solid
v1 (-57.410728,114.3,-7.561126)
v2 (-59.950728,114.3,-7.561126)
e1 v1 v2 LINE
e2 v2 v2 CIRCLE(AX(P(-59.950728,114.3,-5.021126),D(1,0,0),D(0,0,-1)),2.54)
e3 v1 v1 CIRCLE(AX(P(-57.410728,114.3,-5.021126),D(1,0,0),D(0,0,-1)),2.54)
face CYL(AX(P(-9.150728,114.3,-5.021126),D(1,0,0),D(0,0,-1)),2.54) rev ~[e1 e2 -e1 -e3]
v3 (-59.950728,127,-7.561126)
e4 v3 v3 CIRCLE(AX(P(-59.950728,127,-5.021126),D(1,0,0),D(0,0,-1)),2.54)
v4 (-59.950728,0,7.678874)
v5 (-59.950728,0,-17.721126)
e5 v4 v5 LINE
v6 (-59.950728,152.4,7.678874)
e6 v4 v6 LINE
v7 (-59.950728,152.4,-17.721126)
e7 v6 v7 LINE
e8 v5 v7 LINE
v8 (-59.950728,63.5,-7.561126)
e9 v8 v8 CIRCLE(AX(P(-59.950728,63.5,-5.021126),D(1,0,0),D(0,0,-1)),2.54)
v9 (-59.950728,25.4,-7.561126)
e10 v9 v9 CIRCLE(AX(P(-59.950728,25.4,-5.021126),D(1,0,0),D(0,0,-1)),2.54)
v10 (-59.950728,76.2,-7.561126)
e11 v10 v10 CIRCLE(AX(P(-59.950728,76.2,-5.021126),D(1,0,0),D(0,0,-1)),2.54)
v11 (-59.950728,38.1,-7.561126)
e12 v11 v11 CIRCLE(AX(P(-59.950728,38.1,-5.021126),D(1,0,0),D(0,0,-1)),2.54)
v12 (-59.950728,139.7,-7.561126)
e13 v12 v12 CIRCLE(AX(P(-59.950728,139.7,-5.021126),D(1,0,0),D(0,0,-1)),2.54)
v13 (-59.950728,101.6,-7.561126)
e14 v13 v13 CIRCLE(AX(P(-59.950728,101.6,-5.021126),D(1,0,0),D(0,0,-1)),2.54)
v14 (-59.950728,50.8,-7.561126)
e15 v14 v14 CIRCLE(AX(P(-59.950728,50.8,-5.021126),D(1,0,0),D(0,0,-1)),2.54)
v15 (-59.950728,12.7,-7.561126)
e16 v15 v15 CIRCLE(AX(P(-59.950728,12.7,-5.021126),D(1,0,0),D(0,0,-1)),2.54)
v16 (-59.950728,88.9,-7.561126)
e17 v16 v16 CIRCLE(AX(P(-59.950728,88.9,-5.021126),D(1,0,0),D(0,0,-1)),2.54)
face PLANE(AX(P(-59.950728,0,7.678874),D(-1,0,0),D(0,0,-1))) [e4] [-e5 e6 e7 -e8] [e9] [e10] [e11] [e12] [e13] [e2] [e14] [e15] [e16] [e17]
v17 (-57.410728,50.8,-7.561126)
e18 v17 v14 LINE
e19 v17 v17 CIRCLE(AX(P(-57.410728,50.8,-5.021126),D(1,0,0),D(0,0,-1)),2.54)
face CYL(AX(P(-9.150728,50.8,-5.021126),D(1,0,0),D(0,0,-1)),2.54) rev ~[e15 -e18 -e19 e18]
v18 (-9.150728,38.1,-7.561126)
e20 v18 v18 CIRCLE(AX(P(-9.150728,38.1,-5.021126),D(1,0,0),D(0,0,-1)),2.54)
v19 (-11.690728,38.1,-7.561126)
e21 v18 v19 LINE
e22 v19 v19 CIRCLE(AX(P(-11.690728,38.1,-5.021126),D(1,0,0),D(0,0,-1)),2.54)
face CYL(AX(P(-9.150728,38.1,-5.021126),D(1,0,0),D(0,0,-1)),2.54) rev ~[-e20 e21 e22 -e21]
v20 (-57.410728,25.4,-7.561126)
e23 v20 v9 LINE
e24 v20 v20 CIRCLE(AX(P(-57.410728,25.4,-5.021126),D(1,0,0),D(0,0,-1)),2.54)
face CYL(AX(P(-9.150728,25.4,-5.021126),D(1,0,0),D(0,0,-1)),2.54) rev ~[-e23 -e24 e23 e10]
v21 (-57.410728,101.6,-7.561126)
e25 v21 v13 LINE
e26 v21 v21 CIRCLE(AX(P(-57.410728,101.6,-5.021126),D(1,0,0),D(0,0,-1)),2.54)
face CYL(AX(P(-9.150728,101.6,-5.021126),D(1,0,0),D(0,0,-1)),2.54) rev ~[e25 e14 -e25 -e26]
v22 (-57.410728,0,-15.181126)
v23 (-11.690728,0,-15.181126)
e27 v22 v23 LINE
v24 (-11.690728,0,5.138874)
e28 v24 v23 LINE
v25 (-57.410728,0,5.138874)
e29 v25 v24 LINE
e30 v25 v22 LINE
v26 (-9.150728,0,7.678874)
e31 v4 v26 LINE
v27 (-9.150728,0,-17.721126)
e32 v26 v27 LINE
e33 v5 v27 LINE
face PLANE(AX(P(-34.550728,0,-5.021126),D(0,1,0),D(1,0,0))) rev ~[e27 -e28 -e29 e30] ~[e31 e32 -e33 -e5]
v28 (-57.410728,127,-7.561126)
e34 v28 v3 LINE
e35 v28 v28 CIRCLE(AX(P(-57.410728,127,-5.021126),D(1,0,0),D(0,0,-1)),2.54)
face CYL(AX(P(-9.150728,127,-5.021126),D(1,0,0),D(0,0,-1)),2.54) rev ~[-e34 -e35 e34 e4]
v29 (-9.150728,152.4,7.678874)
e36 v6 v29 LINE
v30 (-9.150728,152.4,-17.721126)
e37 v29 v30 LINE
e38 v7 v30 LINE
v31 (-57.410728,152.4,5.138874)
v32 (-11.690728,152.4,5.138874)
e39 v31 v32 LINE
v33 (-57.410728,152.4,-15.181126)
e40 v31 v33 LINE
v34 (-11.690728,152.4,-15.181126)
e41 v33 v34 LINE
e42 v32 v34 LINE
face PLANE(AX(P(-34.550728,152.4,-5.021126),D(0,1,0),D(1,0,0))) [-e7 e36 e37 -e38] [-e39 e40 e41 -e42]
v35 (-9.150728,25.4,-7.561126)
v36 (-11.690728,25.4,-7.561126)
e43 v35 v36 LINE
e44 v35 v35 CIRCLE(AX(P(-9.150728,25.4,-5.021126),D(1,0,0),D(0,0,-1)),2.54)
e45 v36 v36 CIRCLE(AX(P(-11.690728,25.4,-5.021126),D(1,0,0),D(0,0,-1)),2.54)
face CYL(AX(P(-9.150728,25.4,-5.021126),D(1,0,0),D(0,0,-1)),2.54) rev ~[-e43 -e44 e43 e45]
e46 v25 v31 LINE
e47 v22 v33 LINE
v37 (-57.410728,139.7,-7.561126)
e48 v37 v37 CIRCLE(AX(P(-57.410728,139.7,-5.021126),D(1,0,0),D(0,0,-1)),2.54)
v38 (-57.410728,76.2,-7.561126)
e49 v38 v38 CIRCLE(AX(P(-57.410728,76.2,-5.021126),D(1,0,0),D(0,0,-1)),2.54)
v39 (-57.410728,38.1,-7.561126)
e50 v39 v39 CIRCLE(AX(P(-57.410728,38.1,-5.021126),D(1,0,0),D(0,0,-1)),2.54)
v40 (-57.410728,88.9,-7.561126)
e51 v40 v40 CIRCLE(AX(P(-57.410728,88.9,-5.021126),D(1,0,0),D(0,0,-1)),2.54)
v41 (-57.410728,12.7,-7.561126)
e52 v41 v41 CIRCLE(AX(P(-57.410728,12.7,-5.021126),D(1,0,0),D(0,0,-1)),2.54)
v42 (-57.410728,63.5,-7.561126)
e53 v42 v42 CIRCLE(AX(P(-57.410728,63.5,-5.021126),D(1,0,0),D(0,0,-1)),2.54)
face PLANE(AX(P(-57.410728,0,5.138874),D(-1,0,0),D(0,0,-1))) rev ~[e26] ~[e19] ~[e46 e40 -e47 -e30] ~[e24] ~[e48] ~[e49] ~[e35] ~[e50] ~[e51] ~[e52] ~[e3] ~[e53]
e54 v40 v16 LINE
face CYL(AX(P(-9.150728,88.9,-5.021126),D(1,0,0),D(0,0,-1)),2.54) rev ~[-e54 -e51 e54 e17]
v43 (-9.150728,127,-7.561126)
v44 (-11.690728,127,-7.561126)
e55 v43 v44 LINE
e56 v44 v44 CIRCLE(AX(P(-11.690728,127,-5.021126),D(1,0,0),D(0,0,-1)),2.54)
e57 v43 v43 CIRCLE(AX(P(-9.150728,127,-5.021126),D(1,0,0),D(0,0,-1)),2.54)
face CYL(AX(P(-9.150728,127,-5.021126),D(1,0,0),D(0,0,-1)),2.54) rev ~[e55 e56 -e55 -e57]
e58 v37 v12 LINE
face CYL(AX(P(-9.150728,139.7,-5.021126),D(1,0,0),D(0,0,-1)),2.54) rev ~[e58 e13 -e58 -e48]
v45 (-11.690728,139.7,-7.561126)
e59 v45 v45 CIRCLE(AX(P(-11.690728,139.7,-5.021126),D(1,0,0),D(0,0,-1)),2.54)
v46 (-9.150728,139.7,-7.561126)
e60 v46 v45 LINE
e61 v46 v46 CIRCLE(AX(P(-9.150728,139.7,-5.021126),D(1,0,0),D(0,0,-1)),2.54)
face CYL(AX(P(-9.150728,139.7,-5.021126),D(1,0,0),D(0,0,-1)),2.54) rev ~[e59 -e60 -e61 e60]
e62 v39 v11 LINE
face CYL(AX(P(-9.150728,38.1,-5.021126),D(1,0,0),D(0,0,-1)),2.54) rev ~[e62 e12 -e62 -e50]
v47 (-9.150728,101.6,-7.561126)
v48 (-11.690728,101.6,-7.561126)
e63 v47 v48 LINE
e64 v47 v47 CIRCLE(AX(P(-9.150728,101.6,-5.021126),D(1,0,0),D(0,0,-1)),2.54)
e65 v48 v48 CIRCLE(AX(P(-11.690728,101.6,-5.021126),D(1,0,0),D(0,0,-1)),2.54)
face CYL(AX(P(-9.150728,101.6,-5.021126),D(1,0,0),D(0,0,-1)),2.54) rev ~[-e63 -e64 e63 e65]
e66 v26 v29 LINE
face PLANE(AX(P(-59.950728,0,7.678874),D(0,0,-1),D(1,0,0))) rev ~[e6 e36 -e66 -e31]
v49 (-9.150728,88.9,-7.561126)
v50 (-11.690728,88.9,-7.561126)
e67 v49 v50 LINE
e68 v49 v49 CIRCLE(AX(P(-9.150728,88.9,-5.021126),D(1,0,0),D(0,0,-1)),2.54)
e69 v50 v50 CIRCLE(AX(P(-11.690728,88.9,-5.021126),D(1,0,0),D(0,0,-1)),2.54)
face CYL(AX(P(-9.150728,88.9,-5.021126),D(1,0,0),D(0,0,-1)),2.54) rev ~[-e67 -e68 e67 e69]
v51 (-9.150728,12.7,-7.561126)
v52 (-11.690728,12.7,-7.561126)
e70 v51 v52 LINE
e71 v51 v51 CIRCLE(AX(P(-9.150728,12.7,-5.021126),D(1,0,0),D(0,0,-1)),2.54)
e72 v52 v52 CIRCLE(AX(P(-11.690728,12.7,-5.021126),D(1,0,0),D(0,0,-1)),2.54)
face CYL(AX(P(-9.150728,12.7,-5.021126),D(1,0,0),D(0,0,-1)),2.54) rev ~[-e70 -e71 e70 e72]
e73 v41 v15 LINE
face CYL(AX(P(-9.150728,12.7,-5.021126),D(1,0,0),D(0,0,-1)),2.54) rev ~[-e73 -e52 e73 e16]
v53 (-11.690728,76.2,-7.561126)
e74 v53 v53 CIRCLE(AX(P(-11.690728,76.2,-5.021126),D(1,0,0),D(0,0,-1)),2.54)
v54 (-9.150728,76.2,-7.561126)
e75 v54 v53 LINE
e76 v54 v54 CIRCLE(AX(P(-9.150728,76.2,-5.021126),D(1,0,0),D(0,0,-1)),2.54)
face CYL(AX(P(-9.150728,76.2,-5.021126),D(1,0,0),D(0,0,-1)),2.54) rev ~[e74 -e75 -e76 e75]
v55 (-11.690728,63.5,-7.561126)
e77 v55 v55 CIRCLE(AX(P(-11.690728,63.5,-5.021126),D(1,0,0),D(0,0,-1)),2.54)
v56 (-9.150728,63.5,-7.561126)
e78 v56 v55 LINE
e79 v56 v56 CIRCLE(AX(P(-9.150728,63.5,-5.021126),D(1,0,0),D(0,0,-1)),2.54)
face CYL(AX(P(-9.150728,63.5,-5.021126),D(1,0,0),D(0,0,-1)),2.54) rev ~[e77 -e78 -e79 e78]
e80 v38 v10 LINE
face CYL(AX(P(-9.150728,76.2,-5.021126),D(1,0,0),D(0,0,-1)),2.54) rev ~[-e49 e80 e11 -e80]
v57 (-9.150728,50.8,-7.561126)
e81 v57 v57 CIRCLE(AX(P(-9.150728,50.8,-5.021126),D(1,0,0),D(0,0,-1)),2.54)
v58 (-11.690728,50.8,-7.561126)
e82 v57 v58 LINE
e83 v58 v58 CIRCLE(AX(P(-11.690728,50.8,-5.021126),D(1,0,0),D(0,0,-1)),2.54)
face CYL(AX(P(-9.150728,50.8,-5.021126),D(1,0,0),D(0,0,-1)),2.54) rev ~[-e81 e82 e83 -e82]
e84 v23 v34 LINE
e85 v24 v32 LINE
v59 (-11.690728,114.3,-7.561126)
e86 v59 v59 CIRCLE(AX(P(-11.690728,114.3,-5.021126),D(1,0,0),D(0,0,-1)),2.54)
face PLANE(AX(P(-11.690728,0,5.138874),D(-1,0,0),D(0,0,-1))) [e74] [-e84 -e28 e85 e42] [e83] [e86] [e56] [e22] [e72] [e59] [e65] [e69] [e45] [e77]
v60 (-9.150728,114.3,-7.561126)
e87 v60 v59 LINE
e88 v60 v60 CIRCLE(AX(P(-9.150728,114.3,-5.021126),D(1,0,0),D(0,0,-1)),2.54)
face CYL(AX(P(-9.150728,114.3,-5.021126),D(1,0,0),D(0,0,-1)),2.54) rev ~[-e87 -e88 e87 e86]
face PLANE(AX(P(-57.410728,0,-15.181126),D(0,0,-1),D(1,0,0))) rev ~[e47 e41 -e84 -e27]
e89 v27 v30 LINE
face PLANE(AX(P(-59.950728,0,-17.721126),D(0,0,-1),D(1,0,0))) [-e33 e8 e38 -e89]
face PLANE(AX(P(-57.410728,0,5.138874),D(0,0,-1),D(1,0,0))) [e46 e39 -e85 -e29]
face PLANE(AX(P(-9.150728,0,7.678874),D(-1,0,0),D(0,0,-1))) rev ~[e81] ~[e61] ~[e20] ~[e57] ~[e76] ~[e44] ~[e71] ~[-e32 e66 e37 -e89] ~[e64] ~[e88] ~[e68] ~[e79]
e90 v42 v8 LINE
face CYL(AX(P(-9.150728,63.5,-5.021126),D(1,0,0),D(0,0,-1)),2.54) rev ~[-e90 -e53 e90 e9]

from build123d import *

# Parameters (mm, degrees)
SKETCH1_W           = 50.8
SKETCH1_H           = 25.4
SKETCH1_W_2         = 45.72
SKETCH1_H_2         = 20.32
BOSS_EXTRUDE2_DEPTH = 152.4
SKETCH2_R           = 2.54
CUT_EXTRUDE1_DEPTH  = 127


with BuildPart() as part:
    # Sketch1 → Boss-Extrude2 (new body)
    with BuildSketch(Plane(origin=(0, 0, 0), x_dir=(1, 0, 0), z_dir=(0, 1, 0))):
        with Locations((-34.550728477, 5.021125828)):
            Rectangle(SKETCH1_W, SKETCH1_H)
        with Locations((-34.550728477, 5.021125828)):
            Rectangle(SKETCH1_W_2, SKETCH1_H_2, mode=Mode.SUBTRACT)
    extrude(amount=BOSS_EXTRUDE2_DEPTH)

    # Sketch2 → Cut-Extrude1 (cut)
    with BuildSketch(Plane(origin=(-9.150728477, 0, 0), x_dir=(0, 0, -1), z_dir=(1, 0, 0))):
        with Locations((5.021125828, 139.7)):
            Circle(SKETCH2_R)
        with Locations((5.021125828, 127)):
            Circle(SKETCH2_R)
        with Locations((5.021125828, 114.3)):
            Circle(SKETCH2_R)
        with Locations((5.021125828, 101.6)):
            Circle(SKETCH2_R)
        with Locations((5.021125828, 88.9)):
            Circle(SKETCH2_R)
        with Locations((5.021125828, 76.2)):
            Circle(SKETCH2_R)
        with Locations((5.021125828, 63.5)):
            Circle(SKETCH2_R)
        with Locations((5.021125828, 50.8)):
            Circle(SKETCH2_R)
        with Locations((5.021125828, 38.1)):
            Circle(SKETCH2_R)
        with Locations((5.021125828, 25.4)):
            Circle(SKETCH2_R)
        with Locations((5.021125828, 12.7)):
            Circle(SKETCH2_R)
    extrude(amount=-CUT_EXTRUDE1_DEPTH, mode=Mode.SUBTRACT)


solid = part.part
